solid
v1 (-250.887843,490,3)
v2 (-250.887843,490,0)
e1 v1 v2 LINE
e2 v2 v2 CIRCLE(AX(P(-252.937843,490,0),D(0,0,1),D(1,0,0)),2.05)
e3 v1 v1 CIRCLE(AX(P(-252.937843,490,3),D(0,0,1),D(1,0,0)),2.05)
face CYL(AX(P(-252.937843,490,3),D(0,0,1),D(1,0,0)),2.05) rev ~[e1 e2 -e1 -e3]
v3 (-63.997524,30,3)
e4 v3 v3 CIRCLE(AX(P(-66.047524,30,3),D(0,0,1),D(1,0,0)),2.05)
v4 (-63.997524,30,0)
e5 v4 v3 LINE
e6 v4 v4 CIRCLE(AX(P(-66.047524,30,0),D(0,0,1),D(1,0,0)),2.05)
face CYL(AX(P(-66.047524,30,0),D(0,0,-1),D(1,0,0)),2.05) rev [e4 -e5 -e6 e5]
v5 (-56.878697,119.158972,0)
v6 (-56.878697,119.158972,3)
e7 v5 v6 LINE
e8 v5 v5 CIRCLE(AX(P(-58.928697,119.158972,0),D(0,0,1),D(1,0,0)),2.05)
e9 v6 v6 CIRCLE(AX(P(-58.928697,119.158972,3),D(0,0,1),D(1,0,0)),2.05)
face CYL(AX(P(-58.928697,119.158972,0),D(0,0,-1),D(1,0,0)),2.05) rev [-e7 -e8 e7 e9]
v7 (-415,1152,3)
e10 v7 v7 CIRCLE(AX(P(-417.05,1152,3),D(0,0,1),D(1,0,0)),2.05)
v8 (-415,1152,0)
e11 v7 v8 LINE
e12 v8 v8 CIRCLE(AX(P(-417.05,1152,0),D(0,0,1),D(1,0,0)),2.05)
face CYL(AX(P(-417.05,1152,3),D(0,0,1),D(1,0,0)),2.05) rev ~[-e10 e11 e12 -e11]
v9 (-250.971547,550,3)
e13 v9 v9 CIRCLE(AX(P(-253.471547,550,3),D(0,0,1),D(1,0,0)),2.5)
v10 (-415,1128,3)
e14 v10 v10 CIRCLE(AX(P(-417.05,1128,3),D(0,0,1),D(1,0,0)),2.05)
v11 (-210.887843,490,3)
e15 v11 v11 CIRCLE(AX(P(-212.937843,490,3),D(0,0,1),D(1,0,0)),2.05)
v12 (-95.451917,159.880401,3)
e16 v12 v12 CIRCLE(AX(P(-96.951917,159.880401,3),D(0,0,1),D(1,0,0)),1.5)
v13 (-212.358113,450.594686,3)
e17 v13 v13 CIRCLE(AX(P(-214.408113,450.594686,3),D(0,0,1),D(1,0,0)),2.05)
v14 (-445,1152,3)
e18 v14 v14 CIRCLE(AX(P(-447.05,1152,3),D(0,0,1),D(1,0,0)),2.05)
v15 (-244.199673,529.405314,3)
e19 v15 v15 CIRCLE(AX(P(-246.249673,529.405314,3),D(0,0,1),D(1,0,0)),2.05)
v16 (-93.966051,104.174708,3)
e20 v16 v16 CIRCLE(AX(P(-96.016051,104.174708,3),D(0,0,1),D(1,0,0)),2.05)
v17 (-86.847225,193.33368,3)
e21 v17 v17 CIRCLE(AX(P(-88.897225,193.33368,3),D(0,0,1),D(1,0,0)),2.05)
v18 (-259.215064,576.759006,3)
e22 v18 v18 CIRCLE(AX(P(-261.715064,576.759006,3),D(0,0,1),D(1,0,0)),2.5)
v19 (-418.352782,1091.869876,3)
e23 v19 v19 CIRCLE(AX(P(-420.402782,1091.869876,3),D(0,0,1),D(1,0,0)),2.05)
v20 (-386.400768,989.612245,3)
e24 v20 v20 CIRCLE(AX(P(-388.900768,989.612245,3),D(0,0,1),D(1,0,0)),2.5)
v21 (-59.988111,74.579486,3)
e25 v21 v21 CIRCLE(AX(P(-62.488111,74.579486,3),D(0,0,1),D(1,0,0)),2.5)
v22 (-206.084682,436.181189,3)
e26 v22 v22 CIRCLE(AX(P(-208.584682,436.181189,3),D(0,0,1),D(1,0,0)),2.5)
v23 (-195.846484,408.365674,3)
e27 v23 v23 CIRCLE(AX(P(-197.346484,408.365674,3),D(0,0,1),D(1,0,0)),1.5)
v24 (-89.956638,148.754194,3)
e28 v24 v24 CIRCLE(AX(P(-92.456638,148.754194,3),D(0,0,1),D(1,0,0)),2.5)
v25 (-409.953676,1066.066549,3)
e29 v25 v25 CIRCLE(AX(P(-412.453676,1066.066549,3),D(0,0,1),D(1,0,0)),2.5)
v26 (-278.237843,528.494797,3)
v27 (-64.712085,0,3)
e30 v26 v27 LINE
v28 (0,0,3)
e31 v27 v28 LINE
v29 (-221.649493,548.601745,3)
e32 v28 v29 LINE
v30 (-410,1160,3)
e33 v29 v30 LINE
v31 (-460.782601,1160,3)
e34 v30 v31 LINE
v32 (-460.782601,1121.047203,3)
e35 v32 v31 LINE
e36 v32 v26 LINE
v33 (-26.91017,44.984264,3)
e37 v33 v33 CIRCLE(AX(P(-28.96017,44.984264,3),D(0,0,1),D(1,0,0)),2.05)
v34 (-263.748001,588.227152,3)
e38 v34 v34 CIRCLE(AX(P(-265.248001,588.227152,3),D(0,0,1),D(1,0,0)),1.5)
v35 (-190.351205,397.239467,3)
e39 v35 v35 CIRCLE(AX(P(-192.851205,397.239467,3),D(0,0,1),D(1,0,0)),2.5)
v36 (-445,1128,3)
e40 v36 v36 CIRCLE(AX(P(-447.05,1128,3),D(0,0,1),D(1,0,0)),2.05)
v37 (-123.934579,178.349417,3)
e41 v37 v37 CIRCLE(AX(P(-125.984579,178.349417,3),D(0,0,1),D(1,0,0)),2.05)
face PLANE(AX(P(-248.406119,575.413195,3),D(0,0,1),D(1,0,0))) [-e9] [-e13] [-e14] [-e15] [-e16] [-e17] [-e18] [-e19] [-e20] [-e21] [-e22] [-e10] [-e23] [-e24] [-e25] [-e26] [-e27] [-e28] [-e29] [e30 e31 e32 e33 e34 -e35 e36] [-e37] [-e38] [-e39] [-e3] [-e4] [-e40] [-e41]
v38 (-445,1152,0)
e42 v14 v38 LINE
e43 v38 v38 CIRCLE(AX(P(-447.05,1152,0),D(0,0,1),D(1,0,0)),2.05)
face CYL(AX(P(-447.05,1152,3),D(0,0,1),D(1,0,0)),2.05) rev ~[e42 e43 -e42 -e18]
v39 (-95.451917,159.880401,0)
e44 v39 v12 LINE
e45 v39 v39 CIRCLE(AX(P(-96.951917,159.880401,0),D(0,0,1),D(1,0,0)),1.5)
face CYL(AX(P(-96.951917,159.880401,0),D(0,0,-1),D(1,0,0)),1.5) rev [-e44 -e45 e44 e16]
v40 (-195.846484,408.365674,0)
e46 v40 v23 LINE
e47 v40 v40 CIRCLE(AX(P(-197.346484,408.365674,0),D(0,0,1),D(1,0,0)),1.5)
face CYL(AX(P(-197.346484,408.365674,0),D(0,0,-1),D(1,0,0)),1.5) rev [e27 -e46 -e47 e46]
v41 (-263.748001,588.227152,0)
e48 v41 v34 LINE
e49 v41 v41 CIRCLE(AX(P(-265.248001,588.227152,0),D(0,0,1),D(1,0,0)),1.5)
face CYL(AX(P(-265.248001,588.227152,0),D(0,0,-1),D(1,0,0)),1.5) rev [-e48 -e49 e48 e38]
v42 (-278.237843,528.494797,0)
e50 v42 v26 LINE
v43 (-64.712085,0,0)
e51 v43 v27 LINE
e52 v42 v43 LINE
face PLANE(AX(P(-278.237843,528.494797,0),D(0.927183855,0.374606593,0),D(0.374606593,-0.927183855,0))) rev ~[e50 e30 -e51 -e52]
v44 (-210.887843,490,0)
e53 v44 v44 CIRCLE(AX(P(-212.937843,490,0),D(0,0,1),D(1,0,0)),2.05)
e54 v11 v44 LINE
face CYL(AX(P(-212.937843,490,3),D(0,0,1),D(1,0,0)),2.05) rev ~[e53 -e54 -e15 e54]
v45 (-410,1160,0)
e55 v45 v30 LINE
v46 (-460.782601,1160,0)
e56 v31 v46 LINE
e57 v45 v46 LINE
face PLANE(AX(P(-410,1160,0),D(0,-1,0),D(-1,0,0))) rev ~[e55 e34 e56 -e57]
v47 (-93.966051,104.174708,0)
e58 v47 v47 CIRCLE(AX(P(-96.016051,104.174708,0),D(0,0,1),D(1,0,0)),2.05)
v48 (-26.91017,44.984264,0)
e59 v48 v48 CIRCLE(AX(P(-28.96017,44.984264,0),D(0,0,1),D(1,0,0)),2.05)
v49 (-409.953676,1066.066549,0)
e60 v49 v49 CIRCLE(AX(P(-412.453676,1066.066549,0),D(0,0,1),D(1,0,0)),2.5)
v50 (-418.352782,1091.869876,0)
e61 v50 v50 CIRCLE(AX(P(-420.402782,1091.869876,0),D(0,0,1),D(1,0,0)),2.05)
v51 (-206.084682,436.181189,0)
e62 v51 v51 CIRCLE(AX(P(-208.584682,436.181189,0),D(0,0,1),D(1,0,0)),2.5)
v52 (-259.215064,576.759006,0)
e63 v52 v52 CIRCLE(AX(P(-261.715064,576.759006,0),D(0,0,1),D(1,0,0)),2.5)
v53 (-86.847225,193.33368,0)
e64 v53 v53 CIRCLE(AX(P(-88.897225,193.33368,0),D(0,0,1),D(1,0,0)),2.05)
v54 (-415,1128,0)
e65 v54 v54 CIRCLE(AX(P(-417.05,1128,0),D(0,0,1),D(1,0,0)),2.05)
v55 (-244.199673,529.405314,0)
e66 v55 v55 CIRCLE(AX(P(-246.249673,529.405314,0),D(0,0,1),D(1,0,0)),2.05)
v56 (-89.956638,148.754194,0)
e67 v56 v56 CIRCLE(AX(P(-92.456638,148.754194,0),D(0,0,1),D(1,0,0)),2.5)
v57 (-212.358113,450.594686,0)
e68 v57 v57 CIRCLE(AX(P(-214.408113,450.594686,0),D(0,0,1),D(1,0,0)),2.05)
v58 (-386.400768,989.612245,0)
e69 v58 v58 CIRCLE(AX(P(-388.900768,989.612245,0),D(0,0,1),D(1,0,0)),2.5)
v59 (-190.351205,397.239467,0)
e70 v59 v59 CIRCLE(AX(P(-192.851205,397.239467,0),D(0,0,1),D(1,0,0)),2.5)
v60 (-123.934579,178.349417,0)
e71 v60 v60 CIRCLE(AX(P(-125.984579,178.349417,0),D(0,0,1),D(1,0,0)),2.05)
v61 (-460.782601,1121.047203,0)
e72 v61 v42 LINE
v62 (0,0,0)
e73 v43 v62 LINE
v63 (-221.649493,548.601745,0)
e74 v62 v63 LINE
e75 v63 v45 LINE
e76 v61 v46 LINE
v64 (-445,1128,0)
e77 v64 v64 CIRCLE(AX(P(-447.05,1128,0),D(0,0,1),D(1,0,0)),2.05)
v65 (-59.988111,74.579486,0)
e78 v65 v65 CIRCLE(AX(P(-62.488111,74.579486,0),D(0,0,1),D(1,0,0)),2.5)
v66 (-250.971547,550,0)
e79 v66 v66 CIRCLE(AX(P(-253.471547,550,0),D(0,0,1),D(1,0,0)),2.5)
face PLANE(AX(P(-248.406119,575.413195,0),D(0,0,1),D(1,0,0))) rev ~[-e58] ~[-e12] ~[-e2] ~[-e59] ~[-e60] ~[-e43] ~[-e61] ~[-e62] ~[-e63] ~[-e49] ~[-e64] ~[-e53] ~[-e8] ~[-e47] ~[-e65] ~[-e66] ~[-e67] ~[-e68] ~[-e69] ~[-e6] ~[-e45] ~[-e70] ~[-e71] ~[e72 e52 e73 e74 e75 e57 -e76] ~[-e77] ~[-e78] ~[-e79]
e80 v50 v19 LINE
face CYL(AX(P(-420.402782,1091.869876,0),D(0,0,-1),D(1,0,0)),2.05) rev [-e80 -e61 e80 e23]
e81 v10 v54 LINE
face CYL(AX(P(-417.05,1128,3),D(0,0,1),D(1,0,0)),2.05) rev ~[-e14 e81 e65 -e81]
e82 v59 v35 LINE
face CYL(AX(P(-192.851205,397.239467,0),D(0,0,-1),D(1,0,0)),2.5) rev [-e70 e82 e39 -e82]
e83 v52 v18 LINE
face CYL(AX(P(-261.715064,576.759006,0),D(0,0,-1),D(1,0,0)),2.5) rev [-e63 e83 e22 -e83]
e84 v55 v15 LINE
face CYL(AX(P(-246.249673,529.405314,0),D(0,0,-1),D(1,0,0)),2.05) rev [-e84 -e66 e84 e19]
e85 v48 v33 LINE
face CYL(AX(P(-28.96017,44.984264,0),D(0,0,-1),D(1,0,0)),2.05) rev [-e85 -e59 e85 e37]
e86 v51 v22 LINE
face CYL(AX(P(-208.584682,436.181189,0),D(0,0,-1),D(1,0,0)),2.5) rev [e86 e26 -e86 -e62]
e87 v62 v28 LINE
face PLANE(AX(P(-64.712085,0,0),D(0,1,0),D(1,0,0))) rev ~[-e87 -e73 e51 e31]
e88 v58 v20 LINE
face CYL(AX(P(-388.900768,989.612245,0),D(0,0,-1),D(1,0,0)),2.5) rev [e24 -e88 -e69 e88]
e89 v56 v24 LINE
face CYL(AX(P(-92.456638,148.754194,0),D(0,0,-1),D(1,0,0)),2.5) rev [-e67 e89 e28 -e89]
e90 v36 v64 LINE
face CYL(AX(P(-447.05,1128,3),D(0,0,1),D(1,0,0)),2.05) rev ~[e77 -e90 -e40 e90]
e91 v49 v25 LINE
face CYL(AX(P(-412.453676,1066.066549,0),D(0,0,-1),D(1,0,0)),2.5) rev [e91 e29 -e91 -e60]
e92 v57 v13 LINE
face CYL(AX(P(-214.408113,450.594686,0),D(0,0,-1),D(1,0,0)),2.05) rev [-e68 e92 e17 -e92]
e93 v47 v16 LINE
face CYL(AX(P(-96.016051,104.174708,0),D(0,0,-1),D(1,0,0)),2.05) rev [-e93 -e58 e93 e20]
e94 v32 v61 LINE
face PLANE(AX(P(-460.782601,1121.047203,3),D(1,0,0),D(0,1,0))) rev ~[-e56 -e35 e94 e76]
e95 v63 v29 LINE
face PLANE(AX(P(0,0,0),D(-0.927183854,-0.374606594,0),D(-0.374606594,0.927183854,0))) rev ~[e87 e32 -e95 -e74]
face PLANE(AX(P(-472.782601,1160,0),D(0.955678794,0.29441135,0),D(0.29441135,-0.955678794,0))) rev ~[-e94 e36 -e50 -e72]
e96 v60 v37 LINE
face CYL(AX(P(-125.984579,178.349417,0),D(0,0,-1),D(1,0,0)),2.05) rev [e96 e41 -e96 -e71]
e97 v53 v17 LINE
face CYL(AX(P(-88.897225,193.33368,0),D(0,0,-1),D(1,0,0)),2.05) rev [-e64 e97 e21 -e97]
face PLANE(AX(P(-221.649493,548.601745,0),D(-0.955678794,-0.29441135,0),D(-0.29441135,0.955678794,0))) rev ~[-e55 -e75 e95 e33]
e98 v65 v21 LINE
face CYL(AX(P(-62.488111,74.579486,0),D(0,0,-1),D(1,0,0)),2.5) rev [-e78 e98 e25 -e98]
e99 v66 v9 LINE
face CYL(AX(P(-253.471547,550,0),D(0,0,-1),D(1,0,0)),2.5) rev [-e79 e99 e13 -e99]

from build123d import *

# Parameters (mm, degrees)
F0_R     = 2.05
F0_R_2   = 2.5
F0_R_3   = 1.5
F1_DEPTH = 3
F2_R     = 2.05
F3_DEPTH = 25
F5_DEPTH = 25


with BuildPart() as f1:
    # F0 (on Top) → F1 (new body)
    with BuildSketch(Plane.XY):
        Polygon((-64.712085, 0), (0, 0), (-221.649493, 548.601745), (-410, 1160), (-472.782601, 1160), (-278.237843, 528.494797), align=None)
        with Locations((-246.249673, 529.405314)):
            Circle(F0_R, mode=Mode.SUBTRACT)
        with Locations((-253.471547, 550)):
            Circle(F0_R_2, mode=Mode.SUBTRACT)
        with Locations((-261.715064, 576.759006)):
            Circle(F0_R_2, mode=Mode.SUBTRACT)
        with Locations((-125.984579, 178.349417)):
            Circle(F0_R, mode=Mode.SUBTRACT)
        with Locations((-66.047524, 30)):
            Circle(F0_R, mode=Mode.SUBTRACT)
        with Locations((-96.016051, 104.174708)):
            Circle(F0_R, mode=Mode.SUBTRACT)
        with Locations((-62.488111, 74.579486)):
            Circle(F0_R_2, mode=Mode.SUBTRACT)
        with Locations((-28.96017, 44.984264)):
            Circle(F0_R, mode=Mode.SUBTRACT)
        with Locations((-58.928697, 119.158972)):
            Circle(F0_R, mode=Mode.SUBTRACT)
        with Locations((-96.951917, 159.880401)):
            Circle(F0_R_3, mode=Mode.SUBTRACT)
        with Locations((-92.456638, 148.754194)):
            Circle(F0_R_2, mode=Mode.SUBTRACT)
        with Locations((-88.897225, 193.33368)):
            Circle(F0_R, mode=Mode.SUBTRACT)
        with Locations((-192.851205, 397.239467)):
            Circle(F0_R_2, mode=Mode.SUBTRACT)
        with Locations((-197.346484, 408.365674)):
            Circle(F0_R_3, mode=Mode.SUBTRACT)
        with Locations((-214.408113, 450.594686)):
            Circle(F0_R, mode=Mode.SUBTRACT)
        with Locations((-208.584682, 436.181189)):
            Circle(F0_R_2, mode=Mode.SUBTRACT)
        with Locations((-265.248001, 588.227152)):
            Circle(F0_R_3, mode=Mode.SUBTRACT)
        with Locations((-388.900768, 989.612245)):
            Circle(F0_R_2, mode=Mode.SUBTRACT)
        with Locations((-420.402782, 1091.869876)):
            Circle(F0_R, mode=Mode.SUBTRACT)
        with Locations((-412.453676, 1066.066549)):
            Circle(F0_R_2, mode=Mode.SUBTRACT)
    extrude(amount=F1_DEPTH)

    # F2 (on face) → F3 (cut)
    with BuildSketch(Plane.XY.offset(3)):
        with Locations((-252.937843, 490)):
            Circle(F2_R)
        with Locations((-212.937843, 490)):
            Circle(F2_R)
        with Locations((-447.05, 1152)):
            Circle(F2_R)
        with Locations((-417.05, 1152)):
            Circle(F2_R)
        with Locations((-447.05, 1128)):
            Circle(F2_R)
        with Locations((-417.05, 1128)):
            Circle(F2_R)
    extrude(amount=-F3_DEPTH, mode=Mode.SUBTRACT)

    # F4 (on face) → F5 (cut)
    with BuildSketch(Plane.XY.offset(3)):
        Polygon((-460.782601, 1121.047203), (-460.782601, 1160), (-472.782601, 1160), align=None)
    extrude(amount=-F5_DEPTH, mode=Mode.SUBTRACT)


solid = f1.part
